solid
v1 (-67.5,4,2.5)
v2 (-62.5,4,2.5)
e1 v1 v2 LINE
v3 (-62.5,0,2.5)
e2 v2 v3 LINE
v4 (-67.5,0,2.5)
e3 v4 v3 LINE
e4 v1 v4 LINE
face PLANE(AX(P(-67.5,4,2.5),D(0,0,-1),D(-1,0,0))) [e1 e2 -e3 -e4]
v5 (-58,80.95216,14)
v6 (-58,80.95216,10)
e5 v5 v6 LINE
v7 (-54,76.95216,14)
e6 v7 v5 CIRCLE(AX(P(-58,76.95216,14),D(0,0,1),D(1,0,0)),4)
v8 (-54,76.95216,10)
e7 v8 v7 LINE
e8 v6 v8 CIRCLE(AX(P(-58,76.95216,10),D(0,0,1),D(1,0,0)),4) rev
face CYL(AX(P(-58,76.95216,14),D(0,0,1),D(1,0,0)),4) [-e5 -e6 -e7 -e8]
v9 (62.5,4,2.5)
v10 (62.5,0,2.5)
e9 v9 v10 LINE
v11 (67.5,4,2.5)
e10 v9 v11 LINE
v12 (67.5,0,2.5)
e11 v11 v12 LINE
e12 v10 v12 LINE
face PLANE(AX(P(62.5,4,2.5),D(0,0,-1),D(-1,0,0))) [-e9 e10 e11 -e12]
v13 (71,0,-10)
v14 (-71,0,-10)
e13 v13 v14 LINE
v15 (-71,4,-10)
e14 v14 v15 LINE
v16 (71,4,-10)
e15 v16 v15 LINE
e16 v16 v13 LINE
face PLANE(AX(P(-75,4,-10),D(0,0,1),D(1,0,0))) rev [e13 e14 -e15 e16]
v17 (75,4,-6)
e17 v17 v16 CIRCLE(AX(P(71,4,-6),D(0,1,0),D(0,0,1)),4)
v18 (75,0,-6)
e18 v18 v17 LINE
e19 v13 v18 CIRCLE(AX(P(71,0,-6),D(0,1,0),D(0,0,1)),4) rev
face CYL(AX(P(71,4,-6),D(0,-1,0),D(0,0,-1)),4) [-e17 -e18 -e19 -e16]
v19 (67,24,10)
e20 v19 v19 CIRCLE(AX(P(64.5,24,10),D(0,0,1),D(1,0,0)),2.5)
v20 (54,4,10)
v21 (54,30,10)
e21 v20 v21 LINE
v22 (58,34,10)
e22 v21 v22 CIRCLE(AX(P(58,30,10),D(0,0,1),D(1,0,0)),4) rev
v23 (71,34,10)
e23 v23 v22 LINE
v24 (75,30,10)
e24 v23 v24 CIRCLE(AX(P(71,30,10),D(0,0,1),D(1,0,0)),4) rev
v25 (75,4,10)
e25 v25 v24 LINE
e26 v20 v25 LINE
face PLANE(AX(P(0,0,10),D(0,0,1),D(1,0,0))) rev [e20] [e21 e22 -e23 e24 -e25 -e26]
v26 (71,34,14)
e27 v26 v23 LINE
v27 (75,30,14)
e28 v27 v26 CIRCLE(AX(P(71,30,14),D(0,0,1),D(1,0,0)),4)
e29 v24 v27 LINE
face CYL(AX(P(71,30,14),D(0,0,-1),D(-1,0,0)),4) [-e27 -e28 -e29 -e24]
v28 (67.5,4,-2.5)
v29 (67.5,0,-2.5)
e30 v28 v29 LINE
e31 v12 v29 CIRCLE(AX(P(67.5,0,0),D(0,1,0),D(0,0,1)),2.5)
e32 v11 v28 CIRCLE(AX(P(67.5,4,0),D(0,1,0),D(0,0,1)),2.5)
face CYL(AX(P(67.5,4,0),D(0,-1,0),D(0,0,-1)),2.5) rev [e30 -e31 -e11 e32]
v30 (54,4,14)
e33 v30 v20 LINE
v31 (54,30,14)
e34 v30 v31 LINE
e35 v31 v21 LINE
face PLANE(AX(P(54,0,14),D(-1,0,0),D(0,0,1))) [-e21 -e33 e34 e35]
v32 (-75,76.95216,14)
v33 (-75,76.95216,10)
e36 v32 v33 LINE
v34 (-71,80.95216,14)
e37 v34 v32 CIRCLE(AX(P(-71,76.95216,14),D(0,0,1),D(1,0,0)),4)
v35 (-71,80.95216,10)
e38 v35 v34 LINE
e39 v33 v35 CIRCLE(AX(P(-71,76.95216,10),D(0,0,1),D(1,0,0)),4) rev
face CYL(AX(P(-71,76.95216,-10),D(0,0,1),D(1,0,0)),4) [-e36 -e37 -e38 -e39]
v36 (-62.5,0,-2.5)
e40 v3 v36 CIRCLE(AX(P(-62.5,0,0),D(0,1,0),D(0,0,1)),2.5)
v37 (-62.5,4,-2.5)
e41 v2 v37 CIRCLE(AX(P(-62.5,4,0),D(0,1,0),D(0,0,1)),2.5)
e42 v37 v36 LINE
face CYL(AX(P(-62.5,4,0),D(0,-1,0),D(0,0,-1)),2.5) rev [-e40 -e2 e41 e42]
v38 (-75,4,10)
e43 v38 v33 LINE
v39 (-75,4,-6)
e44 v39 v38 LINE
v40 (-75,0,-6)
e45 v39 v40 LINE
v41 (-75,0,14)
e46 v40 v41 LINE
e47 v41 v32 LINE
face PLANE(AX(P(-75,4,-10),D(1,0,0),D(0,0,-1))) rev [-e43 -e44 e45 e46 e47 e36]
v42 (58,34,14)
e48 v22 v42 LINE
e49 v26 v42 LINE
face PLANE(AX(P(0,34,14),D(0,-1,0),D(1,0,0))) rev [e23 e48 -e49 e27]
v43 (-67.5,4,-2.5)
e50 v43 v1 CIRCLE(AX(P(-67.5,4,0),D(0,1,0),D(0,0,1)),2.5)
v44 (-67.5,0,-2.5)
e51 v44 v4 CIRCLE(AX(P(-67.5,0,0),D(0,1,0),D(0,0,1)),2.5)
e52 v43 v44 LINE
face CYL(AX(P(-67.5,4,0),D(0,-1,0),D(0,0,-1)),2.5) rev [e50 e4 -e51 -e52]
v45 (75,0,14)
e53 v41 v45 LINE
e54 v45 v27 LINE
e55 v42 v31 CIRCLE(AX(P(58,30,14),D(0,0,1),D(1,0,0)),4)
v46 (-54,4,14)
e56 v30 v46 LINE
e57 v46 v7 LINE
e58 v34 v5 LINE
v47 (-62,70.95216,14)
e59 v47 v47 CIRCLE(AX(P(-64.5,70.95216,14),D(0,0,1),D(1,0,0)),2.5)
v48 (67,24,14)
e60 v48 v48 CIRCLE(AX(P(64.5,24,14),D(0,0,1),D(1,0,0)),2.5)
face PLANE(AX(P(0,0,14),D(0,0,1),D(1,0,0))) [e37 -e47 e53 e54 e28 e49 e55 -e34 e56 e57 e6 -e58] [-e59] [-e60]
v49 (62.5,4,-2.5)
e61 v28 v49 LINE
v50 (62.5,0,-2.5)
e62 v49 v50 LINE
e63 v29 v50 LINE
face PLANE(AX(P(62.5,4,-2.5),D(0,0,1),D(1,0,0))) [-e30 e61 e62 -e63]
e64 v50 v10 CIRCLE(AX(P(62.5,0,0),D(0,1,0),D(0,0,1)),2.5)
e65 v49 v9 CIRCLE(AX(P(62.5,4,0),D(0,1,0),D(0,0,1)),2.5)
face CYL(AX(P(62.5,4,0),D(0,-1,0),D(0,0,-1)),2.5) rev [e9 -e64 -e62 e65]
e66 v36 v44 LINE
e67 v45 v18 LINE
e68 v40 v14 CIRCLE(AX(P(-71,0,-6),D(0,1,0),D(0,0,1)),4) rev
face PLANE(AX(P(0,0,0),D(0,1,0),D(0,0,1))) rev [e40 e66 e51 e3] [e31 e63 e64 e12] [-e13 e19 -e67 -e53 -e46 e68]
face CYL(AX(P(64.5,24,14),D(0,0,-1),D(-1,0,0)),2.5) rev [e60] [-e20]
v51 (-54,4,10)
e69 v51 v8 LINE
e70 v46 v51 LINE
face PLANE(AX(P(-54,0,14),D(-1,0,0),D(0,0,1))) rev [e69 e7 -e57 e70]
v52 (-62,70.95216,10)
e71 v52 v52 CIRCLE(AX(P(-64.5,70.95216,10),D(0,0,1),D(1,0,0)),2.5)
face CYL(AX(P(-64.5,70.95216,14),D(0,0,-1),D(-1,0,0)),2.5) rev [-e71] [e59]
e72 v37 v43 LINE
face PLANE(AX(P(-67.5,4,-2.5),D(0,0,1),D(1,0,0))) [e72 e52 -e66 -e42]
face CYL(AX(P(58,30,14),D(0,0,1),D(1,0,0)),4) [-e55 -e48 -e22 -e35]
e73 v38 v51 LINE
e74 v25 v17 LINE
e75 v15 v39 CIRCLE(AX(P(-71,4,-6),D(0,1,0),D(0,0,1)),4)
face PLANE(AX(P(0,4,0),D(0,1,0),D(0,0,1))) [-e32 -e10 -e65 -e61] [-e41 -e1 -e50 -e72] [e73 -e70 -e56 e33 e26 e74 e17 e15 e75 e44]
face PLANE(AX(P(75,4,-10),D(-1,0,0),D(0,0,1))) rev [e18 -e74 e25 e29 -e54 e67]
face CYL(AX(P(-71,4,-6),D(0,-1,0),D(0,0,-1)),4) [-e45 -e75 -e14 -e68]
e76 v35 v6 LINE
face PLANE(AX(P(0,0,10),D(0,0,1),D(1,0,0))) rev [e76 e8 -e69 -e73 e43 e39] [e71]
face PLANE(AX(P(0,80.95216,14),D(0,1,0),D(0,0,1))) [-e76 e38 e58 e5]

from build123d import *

# Parameters (mm, degrees)
SKETCH1_W           = 150
SKETCH1_H           = 20
BOSS_EXTRUDE1_DEPTH = 4
SKETCH2_W           = 21
SKETCH2_H           = 76.95216022
SKETCH2_R           = 2.5
SKETCH2_H_2         = 4
SKETCH2_W_2         = 108
SKETCH2_H_3         = 30
BOSS_EXTRUDE2_DEPTH = 4
FILLET1_R           = 4


with BuildPart() as part:
    # Sketch1 → Boss-Extrude1 (new body)
    with BuildSketch(Plane(origin=(0, 0, 0), x_dir=(1, 0, 0), z_dir=(0, 1, 0))):
        Rectangle(SKETCH1_W, SKETCH1_H)
        with BuildLine():
            Line((-67.5, 2.5), (-62.5, 2.5))
            ThreePointArc((-62.5, 2.5), (-60, 0), (-62.5, -2.5))
            Line((-62.5, -2.5), (-67.5, -2.5))
            ThreePointArc((-67.5, -2.5), (-70, 0), (-67.5, 2.5))
        make_face(mode=Mode.SUBTRACT)
        with BuildLine():
            Line((62.5, 2.5), (67.5, 2.5))
            ThreePointArc((67.5, 2.5), (70, 0), (67.5, -2.5))
            Line((67.5, -2.5), (62.5, -2.5))
            ThreePointArc((62.5, -2.5), (60, 0), (62.5, 2.5))
        make_face(mode=Mode.SUBTRACT)
    extrude(amount=BOSS_EXTRUDE1_DEPTH)

    # Sketch2 → Boss-Extrude2 (add)
    # profile 1 of 5: a face of its own
    with BuildSketch(Plane.XY.offset(10)):
        with Locations((-64.5, 42.47608011)):
            Rectangle(SKETCH2_W, SKETCH2_H)
        with Locations((-64.5, 70.95216022)):
            Circle(SKETCH2_R, mode=Mode.SUBTRACT)
    # profile 2 of 5: a face of its own
    with BuildSketch(Plane.XY.offset(10)):
        with Locations((-64.5, 2)):
            Rectangle(SKETCH2_W, SKETCH2_H_2)
    # profile 3 of 5: a face of its own
    with BuildSketch(Plane.XY.offset(10)):
        with Locations((0, 2)):
            Rectangle(SKETCH2_W_2, SKETCH2_H_2)
    # profile 4 of 5: a face of its own
    with BuildSketch(Plane.XY.offset(10)):
        with Locations((64.5, 2)):
            Rectangle(SKETCH2_W, SKETCH2_H_2)
    # profile 5 of 5: a face of its own
    with BuildSketch(Plane.XY.offset(10)):
        with Locations((64.5, 19)):
            Rectangle(SKETCH2_W, SKETCH2_H_3)
        with Locations((64.5, 24)):
            Circle(SKETCH2_R, mode=Mode.SUBTRACT)
    extrude(amount=BOSS_EXTRUDE2_DEPTH)

    # Fillet1
    fillet1_edges = [part.edges().sort_by_distance(p)[0] for p in [
        (-75, 80.95216022, 12),
        (75, 34, 12),
        (54, 34, 12),
        (-54, 80.95216022, 12),
        (-75, 2, -10),
        (75, 2, -10),
    ]]
    fillet(fillet1_edges, radius=FILLET1_R)


solid = part.part
